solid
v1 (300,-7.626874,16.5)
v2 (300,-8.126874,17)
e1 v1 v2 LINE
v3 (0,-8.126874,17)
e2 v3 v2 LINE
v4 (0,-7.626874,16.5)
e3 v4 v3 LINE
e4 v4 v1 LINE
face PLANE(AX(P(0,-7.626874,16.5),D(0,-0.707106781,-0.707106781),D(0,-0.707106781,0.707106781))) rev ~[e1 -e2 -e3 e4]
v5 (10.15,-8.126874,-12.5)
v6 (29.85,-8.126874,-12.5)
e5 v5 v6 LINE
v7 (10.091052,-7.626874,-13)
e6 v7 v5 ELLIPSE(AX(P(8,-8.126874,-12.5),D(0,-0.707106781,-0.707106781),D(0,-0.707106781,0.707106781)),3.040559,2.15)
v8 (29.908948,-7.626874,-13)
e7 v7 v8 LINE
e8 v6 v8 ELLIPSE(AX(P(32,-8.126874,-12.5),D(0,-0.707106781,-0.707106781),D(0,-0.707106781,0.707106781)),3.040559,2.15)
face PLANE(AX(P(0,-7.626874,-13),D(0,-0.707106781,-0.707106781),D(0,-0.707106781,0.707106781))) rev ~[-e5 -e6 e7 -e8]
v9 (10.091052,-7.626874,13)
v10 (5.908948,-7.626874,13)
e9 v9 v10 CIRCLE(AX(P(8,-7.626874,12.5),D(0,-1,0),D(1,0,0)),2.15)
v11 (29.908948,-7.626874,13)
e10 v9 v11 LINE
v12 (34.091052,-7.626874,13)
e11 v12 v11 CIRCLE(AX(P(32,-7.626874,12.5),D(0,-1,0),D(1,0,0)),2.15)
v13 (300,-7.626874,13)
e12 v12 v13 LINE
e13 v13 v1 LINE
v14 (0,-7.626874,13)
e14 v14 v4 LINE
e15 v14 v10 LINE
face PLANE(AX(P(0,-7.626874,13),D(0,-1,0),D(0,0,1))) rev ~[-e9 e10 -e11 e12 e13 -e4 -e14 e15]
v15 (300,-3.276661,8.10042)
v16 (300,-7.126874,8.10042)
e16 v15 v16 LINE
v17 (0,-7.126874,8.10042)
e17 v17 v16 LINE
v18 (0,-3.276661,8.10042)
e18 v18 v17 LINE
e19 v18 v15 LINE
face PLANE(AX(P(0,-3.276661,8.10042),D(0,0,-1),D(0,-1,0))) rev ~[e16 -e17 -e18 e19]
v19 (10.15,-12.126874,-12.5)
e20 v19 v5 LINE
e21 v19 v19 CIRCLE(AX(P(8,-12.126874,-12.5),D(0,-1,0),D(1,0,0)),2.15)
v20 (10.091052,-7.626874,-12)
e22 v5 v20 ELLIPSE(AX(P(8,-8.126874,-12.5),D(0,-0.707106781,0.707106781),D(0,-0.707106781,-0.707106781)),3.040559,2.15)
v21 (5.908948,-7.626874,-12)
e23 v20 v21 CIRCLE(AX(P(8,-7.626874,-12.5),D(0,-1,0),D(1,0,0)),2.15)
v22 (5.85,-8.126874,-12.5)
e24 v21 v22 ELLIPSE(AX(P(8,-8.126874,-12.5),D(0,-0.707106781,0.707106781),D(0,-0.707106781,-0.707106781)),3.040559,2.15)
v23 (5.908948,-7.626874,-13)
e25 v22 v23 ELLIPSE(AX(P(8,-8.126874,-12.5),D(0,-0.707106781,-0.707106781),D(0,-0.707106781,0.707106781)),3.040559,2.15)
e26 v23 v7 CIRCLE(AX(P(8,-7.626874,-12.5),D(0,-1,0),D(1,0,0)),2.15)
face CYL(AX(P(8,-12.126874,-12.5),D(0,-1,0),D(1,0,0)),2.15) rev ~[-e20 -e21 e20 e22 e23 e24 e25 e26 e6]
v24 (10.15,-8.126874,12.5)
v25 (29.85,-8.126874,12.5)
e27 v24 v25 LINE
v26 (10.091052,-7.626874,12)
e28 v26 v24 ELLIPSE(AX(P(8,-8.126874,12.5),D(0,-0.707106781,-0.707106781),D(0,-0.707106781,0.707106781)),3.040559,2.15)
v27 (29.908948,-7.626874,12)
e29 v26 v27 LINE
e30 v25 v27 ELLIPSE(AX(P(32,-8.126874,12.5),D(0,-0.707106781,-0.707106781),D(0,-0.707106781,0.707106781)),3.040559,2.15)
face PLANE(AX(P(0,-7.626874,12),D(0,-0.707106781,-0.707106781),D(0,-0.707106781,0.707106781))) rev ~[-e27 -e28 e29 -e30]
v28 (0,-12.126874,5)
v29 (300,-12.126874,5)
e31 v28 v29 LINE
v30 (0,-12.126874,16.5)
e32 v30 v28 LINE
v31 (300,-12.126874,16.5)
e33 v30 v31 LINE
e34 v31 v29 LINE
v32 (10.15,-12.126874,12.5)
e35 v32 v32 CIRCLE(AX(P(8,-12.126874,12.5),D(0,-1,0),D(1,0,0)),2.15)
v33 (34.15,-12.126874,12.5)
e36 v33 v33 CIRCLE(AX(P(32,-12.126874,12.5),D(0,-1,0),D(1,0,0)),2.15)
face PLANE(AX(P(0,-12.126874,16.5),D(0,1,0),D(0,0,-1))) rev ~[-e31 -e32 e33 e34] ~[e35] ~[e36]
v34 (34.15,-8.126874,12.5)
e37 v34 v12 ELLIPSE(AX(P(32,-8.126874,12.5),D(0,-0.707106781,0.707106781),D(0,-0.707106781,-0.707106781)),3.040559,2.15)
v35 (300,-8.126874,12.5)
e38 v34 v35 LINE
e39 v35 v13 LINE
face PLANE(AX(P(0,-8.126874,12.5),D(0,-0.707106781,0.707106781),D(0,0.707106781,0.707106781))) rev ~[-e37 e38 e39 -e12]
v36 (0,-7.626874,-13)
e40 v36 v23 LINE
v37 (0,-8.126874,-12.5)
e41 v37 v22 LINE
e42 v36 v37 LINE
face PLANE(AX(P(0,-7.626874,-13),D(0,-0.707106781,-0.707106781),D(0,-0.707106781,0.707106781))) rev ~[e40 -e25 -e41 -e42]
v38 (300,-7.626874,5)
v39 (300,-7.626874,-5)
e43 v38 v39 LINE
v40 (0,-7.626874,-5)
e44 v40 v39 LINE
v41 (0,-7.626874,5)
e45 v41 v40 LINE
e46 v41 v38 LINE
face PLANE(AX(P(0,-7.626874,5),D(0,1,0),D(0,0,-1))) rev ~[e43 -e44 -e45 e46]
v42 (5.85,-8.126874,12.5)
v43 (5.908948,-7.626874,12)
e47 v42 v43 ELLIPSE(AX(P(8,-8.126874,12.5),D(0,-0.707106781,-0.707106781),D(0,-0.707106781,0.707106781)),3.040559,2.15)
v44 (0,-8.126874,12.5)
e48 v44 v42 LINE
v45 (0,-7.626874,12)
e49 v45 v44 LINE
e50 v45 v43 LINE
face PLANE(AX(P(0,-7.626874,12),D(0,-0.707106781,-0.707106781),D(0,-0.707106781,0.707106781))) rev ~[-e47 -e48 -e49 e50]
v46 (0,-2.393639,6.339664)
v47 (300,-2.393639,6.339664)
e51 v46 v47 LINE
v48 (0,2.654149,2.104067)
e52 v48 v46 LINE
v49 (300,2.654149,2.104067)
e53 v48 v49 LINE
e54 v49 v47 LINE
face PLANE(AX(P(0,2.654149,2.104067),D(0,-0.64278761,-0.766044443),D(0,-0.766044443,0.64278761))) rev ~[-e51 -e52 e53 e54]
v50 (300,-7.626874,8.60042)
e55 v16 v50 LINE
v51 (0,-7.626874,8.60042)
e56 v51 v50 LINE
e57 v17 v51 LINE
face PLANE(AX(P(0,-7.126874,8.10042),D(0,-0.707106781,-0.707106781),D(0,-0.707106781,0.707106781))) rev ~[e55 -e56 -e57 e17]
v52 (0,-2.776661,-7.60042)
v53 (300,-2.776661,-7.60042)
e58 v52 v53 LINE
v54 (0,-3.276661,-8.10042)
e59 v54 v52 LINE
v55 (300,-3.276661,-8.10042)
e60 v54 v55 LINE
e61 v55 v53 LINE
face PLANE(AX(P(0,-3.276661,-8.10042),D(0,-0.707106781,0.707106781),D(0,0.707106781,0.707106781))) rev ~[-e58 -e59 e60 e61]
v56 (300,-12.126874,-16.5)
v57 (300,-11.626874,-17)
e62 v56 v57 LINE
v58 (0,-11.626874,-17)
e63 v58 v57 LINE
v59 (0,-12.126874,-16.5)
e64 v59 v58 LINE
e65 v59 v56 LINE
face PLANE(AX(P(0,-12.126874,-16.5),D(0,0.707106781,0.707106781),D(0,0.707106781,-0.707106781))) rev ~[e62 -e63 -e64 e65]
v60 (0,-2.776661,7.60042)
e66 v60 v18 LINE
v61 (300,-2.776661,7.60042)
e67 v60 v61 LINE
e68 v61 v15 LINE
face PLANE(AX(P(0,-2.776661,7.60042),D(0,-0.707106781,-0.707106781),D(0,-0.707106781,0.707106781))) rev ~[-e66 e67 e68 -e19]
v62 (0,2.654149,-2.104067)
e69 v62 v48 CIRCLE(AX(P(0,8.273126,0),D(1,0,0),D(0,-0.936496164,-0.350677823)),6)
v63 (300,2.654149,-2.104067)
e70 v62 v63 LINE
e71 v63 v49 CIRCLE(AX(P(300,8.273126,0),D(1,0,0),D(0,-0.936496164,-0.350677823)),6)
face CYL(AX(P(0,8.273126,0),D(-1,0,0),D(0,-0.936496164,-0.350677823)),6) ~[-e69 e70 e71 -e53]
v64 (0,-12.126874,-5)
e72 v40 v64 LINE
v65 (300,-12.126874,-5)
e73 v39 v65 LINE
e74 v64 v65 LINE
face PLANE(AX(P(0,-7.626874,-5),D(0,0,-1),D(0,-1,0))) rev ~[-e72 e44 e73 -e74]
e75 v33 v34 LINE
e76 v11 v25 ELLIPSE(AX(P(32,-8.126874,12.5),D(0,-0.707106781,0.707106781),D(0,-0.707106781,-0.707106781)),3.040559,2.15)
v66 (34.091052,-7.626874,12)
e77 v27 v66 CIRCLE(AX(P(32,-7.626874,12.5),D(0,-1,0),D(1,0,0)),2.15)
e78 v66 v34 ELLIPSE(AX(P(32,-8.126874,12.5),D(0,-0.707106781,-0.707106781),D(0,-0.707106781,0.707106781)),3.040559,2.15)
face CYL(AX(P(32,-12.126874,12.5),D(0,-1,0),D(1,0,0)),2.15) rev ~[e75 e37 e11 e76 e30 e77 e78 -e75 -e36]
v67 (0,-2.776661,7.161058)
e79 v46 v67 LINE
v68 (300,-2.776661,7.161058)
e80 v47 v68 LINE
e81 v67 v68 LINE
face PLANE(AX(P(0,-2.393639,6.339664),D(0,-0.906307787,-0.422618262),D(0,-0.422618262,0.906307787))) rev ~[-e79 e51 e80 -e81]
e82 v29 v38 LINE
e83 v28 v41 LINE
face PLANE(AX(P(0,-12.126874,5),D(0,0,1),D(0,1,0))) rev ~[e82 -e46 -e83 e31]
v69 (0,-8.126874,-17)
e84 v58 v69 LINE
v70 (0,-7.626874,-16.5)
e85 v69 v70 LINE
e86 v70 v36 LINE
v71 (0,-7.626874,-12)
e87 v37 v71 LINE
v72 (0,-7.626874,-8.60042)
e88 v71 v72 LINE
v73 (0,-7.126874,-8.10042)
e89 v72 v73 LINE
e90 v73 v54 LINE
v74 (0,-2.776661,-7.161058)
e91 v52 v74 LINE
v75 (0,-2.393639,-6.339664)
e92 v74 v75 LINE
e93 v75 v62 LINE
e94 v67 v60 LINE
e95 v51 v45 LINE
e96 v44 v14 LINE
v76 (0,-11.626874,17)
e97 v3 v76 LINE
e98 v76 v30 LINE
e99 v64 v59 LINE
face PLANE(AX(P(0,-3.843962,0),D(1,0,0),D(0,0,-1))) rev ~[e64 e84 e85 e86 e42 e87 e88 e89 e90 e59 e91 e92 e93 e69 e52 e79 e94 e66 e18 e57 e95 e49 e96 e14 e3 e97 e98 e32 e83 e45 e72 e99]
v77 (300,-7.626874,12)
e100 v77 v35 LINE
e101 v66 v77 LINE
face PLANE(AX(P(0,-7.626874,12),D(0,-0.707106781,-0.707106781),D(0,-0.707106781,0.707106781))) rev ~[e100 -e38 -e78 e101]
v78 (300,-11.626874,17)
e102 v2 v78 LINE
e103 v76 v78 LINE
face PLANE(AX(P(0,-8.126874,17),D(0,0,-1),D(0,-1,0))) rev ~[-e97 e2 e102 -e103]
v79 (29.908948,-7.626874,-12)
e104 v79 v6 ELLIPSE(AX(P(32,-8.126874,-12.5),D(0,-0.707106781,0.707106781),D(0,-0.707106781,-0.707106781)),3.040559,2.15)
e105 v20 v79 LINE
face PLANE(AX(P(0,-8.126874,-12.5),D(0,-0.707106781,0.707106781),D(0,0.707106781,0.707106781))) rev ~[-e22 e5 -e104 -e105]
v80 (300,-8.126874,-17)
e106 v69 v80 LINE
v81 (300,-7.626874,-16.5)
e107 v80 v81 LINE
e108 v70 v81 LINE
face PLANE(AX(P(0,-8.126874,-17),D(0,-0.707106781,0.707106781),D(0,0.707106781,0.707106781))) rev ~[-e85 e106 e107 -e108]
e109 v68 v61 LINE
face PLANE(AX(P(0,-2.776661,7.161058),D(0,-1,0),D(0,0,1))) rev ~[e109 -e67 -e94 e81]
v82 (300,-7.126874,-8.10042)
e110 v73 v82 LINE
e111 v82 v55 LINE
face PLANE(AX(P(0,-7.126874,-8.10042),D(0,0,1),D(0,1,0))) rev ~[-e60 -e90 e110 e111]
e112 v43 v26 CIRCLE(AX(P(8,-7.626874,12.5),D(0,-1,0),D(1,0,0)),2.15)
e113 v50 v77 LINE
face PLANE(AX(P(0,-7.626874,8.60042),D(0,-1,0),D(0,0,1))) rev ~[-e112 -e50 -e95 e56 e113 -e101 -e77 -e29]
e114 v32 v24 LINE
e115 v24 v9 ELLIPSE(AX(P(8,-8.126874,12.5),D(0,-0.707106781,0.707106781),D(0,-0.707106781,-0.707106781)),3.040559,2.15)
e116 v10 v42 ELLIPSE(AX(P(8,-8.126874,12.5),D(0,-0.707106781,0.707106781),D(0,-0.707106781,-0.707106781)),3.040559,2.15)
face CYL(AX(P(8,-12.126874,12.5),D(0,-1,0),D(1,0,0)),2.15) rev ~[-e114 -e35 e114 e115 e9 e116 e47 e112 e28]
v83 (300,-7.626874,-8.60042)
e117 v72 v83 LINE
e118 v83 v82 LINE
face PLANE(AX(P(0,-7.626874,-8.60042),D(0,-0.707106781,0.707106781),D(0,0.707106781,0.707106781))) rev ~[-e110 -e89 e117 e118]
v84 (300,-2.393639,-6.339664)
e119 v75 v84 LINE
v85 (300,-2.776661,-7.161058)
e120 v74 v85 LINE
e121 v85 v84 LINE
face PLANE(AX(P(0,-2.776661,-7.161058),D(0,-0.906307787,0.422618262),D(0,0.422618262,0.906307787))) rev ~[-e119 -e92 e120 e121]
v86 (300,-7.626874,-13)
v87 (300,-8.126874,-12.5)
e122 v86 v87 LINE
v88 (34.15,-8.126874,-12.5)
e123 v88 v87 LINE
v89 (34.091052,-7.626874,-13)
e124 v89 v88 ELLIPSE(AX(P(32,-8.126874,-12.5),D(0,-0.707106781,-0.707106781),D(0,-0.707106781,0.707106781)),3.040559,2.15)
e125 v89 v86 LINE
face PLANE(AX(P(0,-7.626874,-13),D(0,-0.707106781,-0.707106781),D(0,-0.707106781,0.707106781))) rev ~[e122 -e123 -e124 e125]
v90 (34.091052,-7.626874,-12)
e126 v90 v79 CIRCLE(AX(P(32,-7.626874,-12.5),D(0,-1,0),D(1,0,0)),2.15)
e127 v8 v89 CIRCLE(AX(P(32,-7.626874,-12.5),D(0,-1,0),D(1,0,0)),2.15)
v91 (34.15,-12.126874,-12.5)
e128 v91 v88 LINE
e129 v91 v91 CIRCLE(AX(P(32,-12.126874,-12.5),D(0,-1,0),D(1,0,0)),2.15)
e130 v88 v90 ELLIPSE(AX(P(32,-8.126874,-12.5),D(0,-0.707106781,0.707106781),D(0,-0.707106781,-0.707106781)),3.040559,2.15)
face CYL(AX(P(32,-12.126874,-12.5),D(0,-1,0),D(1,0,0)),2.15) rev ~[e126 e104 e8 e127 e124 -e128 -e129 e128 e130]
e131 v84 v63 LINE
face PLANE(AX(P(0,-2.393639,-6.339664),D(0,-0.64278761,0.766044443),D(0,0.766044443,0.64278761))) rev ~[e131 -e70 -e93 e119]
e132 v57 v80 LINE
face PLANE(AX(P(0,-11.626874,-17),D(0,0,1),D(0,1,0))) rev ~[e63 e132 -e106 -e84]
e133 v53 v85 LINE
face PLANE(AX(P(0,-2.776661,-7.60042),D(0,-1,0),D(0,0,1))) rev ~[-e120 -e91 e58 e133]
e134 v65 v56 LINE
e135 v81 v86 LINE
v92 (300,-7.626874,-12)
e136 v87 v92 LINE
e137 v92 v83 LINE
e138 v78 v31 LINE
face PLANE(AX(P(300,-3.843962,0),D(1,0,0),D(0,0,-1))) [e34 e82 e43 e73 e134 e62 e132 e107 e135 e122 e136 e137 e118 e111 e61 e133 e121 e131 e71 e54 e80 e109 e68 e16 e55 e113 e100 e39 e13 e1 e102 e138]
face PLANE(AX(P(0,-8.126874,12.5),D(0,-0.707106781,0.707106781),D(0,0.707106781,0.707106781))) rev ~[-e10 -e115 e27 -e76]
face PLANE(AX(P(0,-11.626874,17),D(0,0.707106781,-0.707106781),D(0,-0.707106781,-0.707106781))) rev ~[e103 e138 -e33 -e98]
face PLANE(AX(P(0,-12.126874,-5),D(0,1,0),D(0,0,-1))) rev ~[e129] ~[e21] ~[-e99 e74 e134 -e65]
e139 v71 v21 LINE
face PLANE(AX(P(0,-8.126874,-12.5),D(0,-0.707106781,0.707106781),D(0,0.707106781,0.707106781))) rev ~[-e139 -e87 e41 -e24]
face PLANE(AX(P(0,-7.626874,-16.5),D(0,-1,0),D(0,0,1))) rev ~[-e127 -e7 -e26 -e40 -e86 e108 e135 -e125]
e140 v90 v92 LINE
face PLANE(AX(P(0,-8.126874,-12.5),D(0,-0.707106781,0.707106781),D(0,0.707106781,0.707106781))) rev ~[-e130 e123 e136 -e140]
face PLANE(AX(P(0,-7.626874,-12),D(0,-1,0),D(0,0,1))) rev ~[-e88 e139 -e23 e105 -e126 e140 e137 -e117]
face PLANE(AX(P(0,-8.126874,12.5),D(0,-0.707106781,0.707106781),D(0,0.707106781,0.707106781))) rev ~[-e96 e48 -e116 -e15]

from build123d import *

# Parameters (mm, degrees)
EXTRUDE1_DEPTH     = 300
SKETCH2_R          = 2.15
CUT_EXTRUDE1_DEPTH = 10


with BuildPart() as part:
    # Sketch1 → Extrude1 (new body)
    with BuildSketch(Plane(origin=(0, 0, 0), x_dir=(0, 0, -1), z_dir=(1, 0, 0))):
        with BuildLine():
            Line((-2.104066935, 2.654149118), (-6.339664187, -2.393639124))
            Line((-6.339664187, -2.393639124), (-7.161057992, -2.776661346))
            Line((-7.161057992, -2.776661346), (-7.600420417, -2.776661346))
            Line((-7.600420417, -2.776661346), (-8.100420417, -3.276661346))
            Line((-8.100420417, -3.276661346), (-8.100420417, -7.1268739))
            Line((-8.100420417, -7.1268739), (-8.600420417, -7.6268739))
            Line((-8.600420417, -7.6268739), (-12, -7.6268739))
            Line((-12, -7.6268739), (-12.5, -8.1268739))
            Line((-12.5, -8.1268739), (-13, -7.6268739))
            Line((-13, -7.6268739), (-16.5, -7.6268739))
            Line((-16.5, -7.6268739), (-17, -8.1268739))
            Line((-17, -8.1268739), (-17, -11.6268739))
            Line((-17, -11.6268739), (-16.5, -12.1268739))
            Line((-16.5, -12.1268739), (-5, -12.1268739))
            Line((-5, -12.1268739), (-5, -7.6268739))
            Line((-5, -7.6268739), (5, -7.6268739))
            Line((5, -7.6268739), (5, -12.1268739))
            Line((5, -12.1268739), (16.5, -12.1268739))
            Line((16.5, -12.1268739), (17, -11.6268739))
            Line((17, -11.6268739), (17, -8.1268739))
            Line((17, -8.1268739), (16.5, -7.6268739))
            Line((16.5, -7.6268739), (13, -7.6268739))
            Line((13, -7.6268739), (12.5, -8.1268739))
            Line((12.5, -8.1268739), (12, -7.6268739))
            Line((12, -7.6268739), (8.600420417, -7.6268739))
            Line((8.600420417, -7.6268739), (8.100420417, -7.1268739))
            Line((8.100420417, -7.1268739), (8.100420417, -3.276661346))
            Line((8.100420417, -3.276661346), (7.600420417, -2.776661346))
            Line((7.600420417, -2.776661346), (7.161057992, -2.776661346))
            Line((7.161057992, -2.776661346), (6.339664187, -2.393639124))
            Line((6.339664187, -2.393639124), (2.104066935, 2.654149118))
            ThreePointArc((2.104066935, 2.654149118), (0, 14.2731261), (-2.104066935, 2.654149118))
        make_face()
    extrude(amount=EXTRUDE1_DEPTH)

    # Sketch2 → Cut-Extrude1 (cut)
    with BuildSketch(Plane.XZ.offset(12.1268739)):
        with Locations((32, -12.5)):
            Circle(SKETCH2_R)
        with Locations((8, -12.5)):
            Circle(SKETCH2_R)
        with Locations((32, 12.5)):
            Circle(SKETCH2_R)
        with Locations((8, 12.5)):
            Circle(SKETCH2_R)
    extrude(amount=-CUT_EXTRUDE1_DEPTH, mode=Mode.SUBTRACT)


solid = part.part
